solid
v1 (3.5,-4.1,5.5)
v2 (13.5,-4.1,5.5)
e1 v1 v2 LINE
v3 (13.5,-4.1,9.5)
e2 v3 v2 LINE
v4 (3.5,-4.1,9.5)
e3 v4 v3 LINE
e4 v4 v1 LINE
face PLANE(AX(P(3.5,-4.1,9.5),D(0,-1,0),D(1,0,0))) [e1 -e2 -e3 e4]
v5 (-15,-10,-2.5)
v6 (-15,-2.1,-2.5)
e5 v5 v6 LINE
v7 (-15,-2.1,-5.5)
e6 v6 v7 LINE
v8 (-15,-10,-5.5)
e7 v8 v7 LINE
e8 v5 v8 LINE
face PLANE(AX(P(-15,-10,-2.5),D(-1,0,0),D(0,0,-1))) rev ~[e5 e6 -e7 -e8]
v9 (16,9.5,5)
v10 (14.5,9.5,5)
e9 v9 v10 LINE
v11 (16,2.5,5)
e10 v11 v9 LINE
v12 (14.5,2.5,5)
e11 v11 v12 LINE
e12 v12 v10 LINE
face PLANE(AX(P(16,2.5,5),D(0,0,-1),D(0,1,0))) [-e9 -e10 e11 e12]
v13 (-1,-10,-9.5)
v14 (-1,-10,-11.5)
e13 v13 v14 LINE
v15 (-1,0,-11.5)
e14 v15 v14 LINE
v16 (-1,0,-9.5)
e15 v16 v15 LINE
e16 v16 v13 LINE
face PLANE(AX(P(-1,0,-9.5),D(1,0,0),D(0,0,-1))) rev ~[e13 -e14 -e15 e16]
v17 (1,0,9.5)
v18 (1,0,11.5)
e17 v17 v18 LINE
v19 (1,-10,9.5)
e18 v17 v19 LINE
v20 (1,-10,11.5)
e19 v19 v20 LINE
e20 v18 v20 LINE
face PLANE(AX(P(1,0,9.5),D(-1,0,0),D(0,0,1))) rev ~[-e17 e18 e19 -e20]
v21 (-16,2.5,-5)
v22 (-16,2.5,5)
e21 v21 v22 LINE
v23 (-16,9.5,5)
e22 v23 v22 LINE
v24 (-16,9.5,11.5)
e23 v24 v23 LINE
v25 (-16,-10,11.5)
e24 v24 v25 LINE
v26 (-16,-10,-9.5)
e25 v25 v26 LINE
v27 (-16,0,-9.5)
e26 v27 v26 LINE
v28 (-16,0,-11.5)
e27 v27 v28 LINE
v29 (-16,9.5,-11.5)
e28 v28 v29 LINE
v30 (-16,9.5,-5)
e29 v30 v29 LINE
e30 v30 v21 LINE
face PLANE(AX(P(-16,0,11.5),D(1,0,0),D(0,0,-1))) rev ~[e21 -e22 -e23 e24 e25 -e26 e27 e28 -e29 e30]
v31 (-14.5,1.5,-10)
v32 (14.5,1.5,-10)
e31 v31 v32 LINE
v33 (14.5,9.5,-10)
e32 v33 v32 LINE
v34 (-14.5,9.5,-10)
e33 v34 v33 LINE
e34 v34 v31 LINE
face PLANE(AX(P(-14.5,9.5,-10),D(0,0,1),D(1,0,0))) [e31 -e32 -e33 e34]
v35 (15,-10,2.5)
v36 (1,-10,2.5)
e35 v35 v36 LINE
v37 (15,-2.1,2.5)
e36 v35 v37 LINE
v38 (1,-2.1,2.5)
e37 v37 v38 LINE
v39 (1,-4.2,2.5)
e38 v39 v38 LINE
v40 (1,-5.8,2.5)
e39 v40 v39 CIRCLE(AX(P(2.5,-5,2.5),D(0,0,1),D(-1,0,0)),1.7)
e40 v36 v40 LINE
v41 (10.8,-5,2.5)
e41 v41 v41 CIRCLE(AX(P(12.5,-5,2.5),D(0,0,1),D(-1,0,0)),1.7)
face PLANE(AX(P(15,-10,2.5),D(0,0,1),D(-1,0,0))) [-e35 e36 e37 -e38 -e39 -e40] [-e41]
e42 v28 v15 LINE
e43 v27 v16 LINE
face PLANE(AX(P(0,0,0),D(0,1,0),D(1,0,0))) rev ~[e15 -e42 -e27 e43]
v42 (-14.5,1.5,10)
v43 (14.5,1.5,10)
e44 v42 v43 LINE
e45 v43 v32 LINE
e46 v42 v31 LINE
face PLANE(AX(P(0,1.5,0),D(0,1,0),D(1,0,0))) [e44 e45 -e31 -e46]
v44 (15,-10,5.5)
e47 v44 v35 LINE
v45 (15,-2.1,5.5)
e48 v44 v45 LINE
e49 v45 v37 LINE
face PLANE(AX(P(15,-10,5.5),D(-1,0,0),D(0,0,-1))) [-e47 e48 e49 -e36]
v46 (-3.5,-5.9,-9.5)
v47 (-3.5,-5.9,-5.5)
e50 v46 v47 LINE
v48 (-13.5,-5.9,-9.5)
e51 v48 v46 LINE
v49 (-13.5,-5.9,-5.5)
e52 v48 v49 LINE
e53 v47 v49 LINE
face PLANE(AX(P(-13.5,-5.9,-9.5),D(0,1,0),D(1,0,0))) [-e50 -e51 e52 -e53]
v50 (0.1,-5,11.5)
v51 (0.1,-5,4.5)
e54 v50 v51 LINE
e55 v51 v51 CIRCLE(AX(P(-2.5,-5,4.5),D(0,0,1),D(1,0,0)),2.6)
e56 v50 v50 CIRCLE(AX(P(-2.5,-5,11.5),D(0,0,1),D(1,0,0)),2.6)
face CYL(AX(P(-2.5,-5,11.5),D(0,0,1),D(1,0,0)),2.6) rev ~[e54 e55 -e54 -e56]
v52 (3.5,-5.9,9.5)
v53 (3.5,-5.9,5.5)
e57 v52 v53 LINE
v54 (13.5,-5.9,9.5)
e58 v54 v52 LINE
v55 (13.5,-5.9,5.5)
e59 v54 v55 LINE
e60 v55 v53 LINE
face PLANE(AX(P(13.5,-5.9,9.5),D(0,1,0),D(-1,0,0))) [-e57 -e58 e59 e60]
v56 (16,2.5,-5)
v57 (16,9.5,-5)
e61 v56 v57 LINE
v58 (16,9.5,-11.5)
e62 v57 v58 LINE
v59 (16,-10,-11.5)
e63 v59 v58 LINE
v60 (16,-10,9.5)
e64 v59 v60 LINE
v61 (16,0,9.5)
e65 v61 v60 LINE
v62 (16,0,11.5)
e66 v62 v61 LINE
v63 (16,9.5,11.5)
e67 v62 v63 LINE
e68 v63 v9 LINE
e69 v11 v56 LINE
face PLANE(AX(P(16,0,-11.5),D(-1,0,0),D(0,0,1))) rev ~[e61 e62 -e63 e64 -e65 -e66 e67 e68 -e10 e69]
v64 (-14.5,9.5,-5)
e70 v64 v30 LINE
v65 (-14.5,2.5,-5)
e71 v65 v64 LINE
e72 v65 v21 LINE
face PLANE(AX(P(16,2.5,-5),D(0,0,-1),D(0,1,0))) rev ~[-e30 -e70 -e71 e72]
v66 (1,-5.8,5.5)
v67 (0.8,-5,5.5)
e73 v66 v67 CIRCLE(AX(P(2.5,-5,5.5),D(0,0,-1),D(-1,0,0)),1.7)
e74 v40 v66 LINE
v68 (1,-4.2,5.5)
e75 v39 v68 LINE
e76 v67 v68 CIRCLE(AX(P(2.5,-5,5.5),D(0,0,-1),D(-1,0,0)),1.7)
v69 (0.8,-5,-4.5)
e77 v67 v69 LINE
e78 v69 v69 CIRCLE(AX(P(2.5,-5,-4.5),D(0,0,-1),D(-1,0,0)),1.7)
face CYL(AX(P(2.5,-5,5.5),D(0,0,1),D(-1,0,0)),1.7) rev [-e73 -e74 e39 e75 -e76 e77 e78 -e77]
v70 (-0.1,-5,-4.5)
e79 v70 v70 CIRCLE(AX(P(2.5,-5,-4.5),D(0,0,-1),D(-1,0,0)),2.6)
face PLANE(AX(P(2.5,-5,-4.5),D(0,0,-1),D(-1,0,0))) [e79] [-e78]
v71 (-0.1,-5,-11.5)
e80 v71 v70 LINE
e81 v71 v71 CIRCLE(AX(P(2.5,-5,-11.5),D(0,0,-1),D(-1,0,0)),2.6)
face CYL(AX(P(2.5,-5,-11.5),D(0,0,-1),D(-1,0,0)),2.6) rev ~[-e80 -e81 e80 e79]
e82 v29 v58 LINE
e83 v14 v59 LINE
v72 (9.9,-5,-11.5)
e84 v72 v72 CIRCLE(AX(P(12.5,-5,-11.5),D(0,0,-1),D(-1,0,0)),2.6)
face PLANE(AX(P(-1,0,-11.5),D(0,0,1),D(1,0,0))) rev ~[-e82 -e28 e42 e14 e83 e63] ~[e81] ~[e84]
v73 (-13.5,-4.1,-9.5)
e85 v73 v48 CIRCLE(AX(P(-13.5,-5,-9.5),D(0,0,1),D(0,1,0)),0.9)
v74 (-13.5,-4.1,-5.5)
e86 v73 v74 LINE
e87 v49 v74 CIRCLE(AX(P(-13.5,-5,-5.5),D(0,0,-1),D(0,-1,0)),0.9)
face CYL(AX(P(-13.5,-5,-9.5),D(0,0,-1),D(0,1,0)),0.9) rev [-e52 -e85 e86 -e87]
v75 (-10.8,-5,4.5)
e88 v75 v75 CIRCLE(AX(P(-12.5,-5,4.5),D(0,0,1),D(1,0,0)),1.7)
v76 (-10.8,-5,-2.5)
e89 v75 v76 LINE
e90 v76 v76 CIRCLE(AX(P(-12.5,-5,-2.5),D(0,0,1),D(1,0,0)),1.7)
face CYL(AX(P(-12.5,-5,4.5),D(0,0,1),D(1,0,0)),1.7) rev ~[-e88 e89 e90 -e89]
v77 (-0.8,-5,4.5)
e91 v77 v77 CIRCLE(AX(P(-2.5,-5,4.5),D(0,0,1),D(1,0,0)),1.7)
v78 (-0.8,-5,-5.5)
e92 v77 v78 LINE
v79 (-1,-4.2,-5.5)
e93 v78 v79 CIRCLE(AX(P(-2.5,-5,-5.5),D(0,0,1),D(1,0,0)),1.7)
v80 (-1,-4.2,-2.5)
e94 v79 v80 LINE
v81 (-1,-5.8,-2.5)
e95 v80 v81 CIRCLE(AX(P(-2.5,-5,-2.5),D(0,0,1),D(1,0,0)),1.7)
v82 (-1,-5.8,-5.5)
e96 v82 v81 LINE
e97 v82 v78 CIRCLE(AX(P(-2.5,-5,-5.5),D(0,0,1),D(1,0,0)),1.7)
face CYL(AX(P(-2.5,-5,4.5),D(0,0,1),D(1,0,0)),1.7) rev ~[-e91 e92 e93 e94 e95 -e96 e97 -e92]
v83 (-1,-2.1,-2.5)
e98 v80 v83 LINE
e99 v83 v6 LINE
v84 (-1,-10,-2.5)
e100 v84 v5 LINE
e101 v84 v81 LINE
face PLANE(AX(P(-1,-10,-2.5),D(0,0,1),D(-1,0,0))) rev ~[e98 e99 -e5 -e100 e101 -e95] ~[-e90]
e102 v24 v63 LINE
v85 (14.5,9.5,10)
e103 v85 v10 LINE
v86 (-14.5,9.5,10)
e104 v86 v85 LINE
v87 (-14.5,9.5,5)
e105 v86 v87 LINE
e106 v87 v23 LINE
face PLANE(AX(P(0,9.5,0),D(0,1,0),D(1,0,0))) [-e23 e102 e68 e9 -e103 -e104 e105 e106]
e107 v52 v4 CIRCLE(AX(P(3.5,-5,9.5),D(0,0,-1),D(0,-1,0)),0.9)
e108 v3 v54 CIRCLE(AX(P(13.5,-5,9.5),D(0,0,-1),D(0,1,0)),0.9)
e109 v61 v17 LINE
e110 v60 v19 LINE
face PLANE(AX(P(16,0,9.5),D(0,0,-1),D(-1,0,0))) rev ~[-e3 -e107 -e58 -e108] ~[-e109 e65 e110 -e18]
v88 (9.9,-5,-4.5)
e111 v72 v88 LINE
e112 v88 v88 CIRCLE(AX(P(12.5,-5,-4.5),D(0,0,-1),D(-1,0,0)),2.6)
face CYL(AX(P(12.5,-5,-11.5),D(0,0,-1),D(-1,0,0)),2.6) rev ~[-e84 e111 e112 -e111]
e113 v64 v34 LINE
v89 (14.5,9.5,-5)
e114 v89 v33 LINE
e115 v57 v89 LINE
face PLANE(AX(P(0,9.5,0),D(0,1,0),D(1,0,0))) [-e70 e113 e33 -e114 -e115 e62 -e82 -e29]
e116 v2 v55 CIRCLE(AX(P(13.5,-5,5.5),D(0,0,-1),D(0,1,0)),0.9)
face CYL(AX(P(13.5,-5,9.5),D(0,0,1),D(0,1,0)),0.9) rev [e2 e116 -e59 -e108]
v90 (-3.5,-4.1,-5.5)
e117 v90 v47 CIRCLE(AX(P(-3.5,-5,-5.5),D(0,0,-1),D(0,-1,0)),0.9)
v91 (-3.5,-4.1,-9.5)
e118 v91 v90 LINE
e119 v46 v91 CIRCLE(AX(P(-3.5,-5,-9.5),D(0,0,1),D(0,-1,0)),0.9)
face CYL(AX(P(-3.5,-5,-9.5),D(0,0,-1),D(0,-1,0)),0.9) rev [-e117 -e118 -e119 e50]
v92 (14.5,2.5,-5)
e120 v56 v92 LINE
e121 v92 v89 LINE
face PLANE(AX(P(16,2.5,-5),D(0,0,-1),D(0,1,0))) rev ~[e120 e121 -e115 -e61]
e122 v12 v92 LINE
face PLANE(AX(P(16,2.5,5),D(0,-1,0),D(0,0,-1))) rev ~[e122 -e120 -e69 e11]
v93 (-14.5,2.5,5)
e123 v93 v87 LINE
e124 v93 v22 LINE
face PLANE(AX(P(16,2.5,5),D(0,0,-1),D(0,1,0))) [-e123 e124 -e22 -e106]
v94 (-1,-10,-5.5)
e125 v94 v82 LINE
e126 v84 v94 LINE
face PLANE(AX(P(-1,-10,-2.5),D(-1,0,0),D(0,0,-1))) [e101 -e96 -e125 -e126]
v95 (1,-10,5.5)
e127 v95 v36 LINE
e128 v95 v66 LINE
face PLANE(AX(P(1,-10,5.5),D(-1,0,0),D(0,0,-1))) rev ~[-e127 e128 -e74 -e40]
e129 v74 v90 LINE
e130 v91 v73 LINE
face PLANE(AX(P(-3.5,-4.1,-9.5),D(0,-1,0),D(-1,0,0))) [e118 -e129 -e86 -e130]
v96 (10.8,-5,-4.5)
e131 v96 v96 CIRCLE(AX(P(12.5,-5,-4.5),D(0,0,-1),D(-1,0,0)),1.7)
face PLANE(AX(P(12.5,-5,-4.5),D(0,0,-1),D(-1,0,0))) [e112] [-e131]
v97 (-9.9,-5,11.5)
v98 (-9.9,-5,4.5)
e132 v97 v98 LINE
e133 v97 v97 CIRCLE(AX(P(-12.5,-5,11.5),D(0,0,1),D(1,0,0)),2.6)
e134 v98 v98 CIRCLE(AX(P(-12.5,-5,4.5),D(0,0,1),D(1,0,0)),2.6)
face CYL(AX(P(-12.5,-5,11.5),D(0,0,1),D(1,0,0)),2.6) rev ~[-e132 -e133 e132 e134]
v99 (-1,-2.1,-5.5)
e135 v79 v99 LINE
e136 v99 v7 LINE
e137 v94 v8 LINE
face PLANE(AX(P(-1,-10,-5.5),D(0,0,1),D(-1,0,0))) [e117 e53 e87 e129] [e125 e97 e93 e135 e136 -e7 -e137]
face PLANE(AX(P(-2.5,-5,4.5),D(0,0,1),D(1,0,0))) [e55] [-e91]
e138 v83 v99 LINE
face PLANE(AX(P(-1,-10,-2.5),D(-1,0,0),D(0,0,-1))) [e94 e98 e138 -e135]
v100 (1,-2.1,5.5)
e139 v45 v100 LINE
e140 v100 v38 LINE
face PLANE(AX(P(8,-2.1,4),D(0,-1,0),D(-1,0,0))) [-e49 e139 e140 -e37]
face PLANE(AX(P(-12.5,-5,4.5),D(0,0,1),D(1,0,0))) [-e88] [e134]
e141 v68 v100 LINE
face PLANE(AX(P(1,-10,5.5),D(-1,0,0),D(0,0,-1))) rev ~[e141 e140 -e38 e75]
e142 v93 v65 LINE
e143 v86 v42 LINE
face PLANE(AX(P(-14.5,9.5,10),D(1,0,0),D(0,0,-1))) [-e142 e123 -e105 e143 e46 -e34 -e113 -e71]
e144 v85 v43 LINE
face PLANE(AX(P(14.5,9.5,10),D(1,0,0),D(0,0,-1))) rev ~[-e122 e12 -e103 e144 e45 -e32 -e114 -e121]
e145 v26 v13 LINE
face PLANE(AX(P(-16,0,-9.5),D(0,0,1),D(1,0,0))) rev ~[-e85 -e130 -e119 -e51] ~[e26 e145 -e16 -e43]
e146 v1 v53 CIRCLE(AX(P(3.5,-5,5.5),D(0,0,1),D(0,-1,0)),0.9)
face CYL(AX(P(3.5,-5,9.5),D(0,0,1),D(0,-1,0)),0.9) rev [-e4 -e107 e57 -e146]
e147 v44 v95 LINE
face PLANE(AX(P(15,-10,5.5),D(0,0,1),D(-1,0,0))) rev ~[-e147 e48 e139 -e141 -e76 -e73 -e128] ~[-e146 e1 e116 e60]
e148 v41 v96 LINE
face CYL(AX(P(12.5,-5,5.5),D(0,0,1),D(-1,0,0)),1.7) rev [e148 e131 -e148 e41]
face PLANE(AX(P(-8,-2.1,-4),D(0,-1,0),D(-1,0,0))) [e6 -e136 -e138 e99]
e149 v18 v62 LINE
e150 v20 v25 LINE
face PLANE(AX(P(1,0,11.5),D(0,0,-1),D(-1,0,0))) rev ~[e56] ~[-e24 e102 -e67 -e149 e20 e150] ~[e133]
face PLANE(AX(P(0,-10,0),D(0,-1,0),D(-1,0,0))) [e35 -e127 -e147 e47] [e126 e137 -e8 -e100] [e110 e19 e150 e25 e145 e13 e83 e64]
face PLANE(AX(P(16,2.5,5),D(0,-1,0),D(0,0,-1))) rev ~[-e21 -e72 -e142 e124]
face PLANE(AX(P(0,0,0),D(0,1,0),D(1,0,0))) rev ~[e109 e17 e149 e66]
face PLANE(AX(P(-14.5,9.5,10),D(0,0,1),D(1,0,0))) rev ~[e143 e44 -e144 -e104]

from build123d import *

# Parameters (mm, degrees)
SKETCH4_W           = 32
SKETCH4_H           = 23
BOSS_EXTRUDE3_DEPTH = 9.5
SKETCH5_W           = 29
SKETCH5_H           = 20
CUT_EXTRUDE2_DEPTH  = 8
SKETCH7_W           = 10
SKETCH7_H           = 7
CUT_EXTRUDE4_DEPTH  = 36.305806888
BOSS_EXTRUDE4_DEPTH = 10
CUT_EXTRUDE5_DEPTH  = 5
SKETCH10_W          = 14
SKETCH10_H          = 3
CUT_EXTRUDE6_DEPTH  = 7.9
CIRPATTERN1_COUNT   = 2
SKETCH11_R          = 2.6
CUT_EXTRUDE7_DEPTH  = 7
CIRPATTERN2_COUNT   = 2
CUT_EXTRUDE8_REACH  = 26.739
SKETCH12_R          = 1.7
CUT_EXTRUDE9_START  = -10
SKETCH13_R          = 1.7
CUT_EXTRUDE9_DEPTH  = 10


with BuildPart() as part:
    # Sketch4 → Boss-Extrude3 (new body)
    with BuildSketch(Plane(origin=(0, 0, 0), x_dir=(1, 0, 0), z_dir=(0, 1, 0))):
        Rectangle(SKETCH4_W, SKETCH4_H)
    extrude(amount=BOSS_EXTRUDE3_DEPTH)

    # Sketch5 → Cut-Extrude2 (cut)
    with BuildSketch(Plane(origin=(0, 9.5, 0), x_dir=(1, 0, 0), z_dir=(0, 1, 0))):
        Rectangle(SKETCH5_W, SKETCH5_H)
    extrude(amount=-CUT_EXTRUDE2_DEPTH, mode=Mode.SUBTRACT)

    # Sketch7 → Cut-Extrude4 (cut, through all)
    with BuildSketch(Plane(origin=(16, 0, 0), x_dir=(0, 0, -1), z_dir=(1, 0, 0))):
        with Locations((0, 6)):
            Rectangle(SKETCH7_W, SKETCH7_H)
    extrude(amount=-CUT_EXTRUDE4_DEPTH, mode=Mode.SUBTRACT)

    # Sketch8 → Boss-Extrude4 (add)
    with BuildSketch(Plane(origin=(0, 0, 0), x_dir=(-1, 0, 0), z_dir=(0, -1, 0))):
        Polygon((-16, -9.5), (-1, -9.5), (-1, -11.5), (16, -11.5), (16, 9.5), (1, 9.5), (1, 11.5), (-16, 11.5), align=None)
    extrude(amount=BOSS_EXTRUDE4_DEPTH)

    # Sketch9 → Cut-Extrude5 (cut)
    with BuildSketch(Plane(origin=(0, 0, -9.5), x_dir=(-1, 0, 0), z_dir=(0, 0, -1))):
        with BuildLine():
            Line((3.5, -4.1), (13.5, -4.1))
            ThreePointArc((13.5, -4.1), (14.4, -5), (13.5, -5.9))
            Line((13.5, -5.9), (3.5, -5.9))
            ThreePointArc((3.5, -5.9), (2.6, -5), (3.5, -4.1))
        make_face()
    cut_extrude5 = extrude(amount=-CUT_EXTRUDE5_DEPTH, mode=Mode.SUBTRACT)

    # Sketch10 → Cut-Extrude6 (cut)
    with BuildSketch(Plane(origin=(0, -10, 0), x_dir=(-1, 0, 0), z_dir=(0, -1, 0))):
        with Locations((-8, -4)):
            Rectangle(SKETCH10_W, SKETCH10_H)
        with Locations((8, 4)):
            Rectangle(SKETCH10_W, SKETCH10_H)
    extrude(amount=-CUT_EXTRUDE6_DEPTH, mode=Mode.SUBTRACT)

    # CirPattern1: Cut-Extrude5 ×2 about axis
    cirpattern1_axis = Axis((0, 0, 0), (0, -1, 0))
    for i in range(1, CIRPATTERN1_COUNT):
        add(cut_extrude5.rotate(cirpattern1_axis, i * 360 / CIRPATTERN1_COUNT), mode=Mode.SUBTRACT)

    # Sketch11 → Cut-Extrude7 (cut)
    with BuildSketch(Plane(origin=(0, 0, -11.5), x_dir=(-1, 0, 0), z_dir=(0, 0, -1))):
        with Locations((-12.5, -5)):
            Circle(SKETCH11_R)
        with Locations((-2.5, -5)):
            Circle(SKETCH11_R)
    cut_extrude7 = extrude(amount=-CUT_EXTRUDE7_DEPTH, mode=Mode.SUBTRACT)

    # CirPattern2: Cut-Extrude7 ×2 about axis
    cirpattern2_axis = Axis((0, 0, 0), (0, -1, 0))
    for i in range(1, CIRPATTERN2_COUNT):
        add(cut_extrude7.rotate(cirpattern2_axis, i * 360 / CIRPATTERN2_COUNT), mode=Mode.SUBTRACT)

    # Cut-Extrude8: up to this face of the body (flat: up to its plane)
    cut_extrude8_end = Plane(part.part.faces().sort_by_distance((-7.885932934, -6.28954084, -5.5))[0])
    # Sketch12 → Cut-Extrude8 (cut, up to the picked face)
    with BuildSketch(Plane.XY.offset(4.5), mode=Mode.PRIVATE) as cut_extrude8_sk1:
        with Locations((-2.5, -5)):
            Circle(SKETCH12_R)
    cut_extrude8_tool1 = split(extrude(cut_extrude8_sk1.sketch, amount=-CUT_EXTRUDE8_REACH, mode=Mode.PRIVATE), bisect_by=cut_extrude8_end, keep=Keep.BOTH, mode=Mode.PRIVATE)
    # Sketch12 → Cut-Extrude8 (cut, up to the picked face)
    with BuildSketch(Plane.XY.offset(4.5), mode=Mode.PRIVATE) as cut_extrude8_sk2:
        with Locations((-12.5, -5)):
            Circle(SKETCH12_R)
    cut_extrude8_tool2 = split(extrude(cut_extrude8_sk2.sketch, amount=-CUT_EXTRUDE8_REACH, mode=Mode.PRIVATE), bisect_by=cut_extrude8_end, keep=Keep.BOTH, mode=Mode.PRIVATE)
    add(cut_extrude8_tool1.solids().sort_by(Axis((-2.5, -5, 4.5), (0, 0, -1)))[0], mode=Mode.SUBTRACT)
    add(cut_extrude8_tool2.solids().sort_by(Axis((-12.5, -5, 4.5), (0, 0, -1)))[0], mode=Mode.SUBTRACT)

    # Sketch13 → Cut-Extrude9 (cut)
    with BuildSketch(Plane(origin=(0, 0, -4.5), x_dir=(-1, 0, 0), z_dir=(0, 0, -1)).offset(CUT_EXTRUDE9_START)):
        with Locations((-12.5, -5)):
            Circle(SKETCH13_R)
        with Locations((-2.5, -5)):
            Circle(SKETCH13_R)
    extrude(amount=CUT_EXTRUDE9_DEPTH, mode=Mode.SUBTRACT)


solid = part.part
